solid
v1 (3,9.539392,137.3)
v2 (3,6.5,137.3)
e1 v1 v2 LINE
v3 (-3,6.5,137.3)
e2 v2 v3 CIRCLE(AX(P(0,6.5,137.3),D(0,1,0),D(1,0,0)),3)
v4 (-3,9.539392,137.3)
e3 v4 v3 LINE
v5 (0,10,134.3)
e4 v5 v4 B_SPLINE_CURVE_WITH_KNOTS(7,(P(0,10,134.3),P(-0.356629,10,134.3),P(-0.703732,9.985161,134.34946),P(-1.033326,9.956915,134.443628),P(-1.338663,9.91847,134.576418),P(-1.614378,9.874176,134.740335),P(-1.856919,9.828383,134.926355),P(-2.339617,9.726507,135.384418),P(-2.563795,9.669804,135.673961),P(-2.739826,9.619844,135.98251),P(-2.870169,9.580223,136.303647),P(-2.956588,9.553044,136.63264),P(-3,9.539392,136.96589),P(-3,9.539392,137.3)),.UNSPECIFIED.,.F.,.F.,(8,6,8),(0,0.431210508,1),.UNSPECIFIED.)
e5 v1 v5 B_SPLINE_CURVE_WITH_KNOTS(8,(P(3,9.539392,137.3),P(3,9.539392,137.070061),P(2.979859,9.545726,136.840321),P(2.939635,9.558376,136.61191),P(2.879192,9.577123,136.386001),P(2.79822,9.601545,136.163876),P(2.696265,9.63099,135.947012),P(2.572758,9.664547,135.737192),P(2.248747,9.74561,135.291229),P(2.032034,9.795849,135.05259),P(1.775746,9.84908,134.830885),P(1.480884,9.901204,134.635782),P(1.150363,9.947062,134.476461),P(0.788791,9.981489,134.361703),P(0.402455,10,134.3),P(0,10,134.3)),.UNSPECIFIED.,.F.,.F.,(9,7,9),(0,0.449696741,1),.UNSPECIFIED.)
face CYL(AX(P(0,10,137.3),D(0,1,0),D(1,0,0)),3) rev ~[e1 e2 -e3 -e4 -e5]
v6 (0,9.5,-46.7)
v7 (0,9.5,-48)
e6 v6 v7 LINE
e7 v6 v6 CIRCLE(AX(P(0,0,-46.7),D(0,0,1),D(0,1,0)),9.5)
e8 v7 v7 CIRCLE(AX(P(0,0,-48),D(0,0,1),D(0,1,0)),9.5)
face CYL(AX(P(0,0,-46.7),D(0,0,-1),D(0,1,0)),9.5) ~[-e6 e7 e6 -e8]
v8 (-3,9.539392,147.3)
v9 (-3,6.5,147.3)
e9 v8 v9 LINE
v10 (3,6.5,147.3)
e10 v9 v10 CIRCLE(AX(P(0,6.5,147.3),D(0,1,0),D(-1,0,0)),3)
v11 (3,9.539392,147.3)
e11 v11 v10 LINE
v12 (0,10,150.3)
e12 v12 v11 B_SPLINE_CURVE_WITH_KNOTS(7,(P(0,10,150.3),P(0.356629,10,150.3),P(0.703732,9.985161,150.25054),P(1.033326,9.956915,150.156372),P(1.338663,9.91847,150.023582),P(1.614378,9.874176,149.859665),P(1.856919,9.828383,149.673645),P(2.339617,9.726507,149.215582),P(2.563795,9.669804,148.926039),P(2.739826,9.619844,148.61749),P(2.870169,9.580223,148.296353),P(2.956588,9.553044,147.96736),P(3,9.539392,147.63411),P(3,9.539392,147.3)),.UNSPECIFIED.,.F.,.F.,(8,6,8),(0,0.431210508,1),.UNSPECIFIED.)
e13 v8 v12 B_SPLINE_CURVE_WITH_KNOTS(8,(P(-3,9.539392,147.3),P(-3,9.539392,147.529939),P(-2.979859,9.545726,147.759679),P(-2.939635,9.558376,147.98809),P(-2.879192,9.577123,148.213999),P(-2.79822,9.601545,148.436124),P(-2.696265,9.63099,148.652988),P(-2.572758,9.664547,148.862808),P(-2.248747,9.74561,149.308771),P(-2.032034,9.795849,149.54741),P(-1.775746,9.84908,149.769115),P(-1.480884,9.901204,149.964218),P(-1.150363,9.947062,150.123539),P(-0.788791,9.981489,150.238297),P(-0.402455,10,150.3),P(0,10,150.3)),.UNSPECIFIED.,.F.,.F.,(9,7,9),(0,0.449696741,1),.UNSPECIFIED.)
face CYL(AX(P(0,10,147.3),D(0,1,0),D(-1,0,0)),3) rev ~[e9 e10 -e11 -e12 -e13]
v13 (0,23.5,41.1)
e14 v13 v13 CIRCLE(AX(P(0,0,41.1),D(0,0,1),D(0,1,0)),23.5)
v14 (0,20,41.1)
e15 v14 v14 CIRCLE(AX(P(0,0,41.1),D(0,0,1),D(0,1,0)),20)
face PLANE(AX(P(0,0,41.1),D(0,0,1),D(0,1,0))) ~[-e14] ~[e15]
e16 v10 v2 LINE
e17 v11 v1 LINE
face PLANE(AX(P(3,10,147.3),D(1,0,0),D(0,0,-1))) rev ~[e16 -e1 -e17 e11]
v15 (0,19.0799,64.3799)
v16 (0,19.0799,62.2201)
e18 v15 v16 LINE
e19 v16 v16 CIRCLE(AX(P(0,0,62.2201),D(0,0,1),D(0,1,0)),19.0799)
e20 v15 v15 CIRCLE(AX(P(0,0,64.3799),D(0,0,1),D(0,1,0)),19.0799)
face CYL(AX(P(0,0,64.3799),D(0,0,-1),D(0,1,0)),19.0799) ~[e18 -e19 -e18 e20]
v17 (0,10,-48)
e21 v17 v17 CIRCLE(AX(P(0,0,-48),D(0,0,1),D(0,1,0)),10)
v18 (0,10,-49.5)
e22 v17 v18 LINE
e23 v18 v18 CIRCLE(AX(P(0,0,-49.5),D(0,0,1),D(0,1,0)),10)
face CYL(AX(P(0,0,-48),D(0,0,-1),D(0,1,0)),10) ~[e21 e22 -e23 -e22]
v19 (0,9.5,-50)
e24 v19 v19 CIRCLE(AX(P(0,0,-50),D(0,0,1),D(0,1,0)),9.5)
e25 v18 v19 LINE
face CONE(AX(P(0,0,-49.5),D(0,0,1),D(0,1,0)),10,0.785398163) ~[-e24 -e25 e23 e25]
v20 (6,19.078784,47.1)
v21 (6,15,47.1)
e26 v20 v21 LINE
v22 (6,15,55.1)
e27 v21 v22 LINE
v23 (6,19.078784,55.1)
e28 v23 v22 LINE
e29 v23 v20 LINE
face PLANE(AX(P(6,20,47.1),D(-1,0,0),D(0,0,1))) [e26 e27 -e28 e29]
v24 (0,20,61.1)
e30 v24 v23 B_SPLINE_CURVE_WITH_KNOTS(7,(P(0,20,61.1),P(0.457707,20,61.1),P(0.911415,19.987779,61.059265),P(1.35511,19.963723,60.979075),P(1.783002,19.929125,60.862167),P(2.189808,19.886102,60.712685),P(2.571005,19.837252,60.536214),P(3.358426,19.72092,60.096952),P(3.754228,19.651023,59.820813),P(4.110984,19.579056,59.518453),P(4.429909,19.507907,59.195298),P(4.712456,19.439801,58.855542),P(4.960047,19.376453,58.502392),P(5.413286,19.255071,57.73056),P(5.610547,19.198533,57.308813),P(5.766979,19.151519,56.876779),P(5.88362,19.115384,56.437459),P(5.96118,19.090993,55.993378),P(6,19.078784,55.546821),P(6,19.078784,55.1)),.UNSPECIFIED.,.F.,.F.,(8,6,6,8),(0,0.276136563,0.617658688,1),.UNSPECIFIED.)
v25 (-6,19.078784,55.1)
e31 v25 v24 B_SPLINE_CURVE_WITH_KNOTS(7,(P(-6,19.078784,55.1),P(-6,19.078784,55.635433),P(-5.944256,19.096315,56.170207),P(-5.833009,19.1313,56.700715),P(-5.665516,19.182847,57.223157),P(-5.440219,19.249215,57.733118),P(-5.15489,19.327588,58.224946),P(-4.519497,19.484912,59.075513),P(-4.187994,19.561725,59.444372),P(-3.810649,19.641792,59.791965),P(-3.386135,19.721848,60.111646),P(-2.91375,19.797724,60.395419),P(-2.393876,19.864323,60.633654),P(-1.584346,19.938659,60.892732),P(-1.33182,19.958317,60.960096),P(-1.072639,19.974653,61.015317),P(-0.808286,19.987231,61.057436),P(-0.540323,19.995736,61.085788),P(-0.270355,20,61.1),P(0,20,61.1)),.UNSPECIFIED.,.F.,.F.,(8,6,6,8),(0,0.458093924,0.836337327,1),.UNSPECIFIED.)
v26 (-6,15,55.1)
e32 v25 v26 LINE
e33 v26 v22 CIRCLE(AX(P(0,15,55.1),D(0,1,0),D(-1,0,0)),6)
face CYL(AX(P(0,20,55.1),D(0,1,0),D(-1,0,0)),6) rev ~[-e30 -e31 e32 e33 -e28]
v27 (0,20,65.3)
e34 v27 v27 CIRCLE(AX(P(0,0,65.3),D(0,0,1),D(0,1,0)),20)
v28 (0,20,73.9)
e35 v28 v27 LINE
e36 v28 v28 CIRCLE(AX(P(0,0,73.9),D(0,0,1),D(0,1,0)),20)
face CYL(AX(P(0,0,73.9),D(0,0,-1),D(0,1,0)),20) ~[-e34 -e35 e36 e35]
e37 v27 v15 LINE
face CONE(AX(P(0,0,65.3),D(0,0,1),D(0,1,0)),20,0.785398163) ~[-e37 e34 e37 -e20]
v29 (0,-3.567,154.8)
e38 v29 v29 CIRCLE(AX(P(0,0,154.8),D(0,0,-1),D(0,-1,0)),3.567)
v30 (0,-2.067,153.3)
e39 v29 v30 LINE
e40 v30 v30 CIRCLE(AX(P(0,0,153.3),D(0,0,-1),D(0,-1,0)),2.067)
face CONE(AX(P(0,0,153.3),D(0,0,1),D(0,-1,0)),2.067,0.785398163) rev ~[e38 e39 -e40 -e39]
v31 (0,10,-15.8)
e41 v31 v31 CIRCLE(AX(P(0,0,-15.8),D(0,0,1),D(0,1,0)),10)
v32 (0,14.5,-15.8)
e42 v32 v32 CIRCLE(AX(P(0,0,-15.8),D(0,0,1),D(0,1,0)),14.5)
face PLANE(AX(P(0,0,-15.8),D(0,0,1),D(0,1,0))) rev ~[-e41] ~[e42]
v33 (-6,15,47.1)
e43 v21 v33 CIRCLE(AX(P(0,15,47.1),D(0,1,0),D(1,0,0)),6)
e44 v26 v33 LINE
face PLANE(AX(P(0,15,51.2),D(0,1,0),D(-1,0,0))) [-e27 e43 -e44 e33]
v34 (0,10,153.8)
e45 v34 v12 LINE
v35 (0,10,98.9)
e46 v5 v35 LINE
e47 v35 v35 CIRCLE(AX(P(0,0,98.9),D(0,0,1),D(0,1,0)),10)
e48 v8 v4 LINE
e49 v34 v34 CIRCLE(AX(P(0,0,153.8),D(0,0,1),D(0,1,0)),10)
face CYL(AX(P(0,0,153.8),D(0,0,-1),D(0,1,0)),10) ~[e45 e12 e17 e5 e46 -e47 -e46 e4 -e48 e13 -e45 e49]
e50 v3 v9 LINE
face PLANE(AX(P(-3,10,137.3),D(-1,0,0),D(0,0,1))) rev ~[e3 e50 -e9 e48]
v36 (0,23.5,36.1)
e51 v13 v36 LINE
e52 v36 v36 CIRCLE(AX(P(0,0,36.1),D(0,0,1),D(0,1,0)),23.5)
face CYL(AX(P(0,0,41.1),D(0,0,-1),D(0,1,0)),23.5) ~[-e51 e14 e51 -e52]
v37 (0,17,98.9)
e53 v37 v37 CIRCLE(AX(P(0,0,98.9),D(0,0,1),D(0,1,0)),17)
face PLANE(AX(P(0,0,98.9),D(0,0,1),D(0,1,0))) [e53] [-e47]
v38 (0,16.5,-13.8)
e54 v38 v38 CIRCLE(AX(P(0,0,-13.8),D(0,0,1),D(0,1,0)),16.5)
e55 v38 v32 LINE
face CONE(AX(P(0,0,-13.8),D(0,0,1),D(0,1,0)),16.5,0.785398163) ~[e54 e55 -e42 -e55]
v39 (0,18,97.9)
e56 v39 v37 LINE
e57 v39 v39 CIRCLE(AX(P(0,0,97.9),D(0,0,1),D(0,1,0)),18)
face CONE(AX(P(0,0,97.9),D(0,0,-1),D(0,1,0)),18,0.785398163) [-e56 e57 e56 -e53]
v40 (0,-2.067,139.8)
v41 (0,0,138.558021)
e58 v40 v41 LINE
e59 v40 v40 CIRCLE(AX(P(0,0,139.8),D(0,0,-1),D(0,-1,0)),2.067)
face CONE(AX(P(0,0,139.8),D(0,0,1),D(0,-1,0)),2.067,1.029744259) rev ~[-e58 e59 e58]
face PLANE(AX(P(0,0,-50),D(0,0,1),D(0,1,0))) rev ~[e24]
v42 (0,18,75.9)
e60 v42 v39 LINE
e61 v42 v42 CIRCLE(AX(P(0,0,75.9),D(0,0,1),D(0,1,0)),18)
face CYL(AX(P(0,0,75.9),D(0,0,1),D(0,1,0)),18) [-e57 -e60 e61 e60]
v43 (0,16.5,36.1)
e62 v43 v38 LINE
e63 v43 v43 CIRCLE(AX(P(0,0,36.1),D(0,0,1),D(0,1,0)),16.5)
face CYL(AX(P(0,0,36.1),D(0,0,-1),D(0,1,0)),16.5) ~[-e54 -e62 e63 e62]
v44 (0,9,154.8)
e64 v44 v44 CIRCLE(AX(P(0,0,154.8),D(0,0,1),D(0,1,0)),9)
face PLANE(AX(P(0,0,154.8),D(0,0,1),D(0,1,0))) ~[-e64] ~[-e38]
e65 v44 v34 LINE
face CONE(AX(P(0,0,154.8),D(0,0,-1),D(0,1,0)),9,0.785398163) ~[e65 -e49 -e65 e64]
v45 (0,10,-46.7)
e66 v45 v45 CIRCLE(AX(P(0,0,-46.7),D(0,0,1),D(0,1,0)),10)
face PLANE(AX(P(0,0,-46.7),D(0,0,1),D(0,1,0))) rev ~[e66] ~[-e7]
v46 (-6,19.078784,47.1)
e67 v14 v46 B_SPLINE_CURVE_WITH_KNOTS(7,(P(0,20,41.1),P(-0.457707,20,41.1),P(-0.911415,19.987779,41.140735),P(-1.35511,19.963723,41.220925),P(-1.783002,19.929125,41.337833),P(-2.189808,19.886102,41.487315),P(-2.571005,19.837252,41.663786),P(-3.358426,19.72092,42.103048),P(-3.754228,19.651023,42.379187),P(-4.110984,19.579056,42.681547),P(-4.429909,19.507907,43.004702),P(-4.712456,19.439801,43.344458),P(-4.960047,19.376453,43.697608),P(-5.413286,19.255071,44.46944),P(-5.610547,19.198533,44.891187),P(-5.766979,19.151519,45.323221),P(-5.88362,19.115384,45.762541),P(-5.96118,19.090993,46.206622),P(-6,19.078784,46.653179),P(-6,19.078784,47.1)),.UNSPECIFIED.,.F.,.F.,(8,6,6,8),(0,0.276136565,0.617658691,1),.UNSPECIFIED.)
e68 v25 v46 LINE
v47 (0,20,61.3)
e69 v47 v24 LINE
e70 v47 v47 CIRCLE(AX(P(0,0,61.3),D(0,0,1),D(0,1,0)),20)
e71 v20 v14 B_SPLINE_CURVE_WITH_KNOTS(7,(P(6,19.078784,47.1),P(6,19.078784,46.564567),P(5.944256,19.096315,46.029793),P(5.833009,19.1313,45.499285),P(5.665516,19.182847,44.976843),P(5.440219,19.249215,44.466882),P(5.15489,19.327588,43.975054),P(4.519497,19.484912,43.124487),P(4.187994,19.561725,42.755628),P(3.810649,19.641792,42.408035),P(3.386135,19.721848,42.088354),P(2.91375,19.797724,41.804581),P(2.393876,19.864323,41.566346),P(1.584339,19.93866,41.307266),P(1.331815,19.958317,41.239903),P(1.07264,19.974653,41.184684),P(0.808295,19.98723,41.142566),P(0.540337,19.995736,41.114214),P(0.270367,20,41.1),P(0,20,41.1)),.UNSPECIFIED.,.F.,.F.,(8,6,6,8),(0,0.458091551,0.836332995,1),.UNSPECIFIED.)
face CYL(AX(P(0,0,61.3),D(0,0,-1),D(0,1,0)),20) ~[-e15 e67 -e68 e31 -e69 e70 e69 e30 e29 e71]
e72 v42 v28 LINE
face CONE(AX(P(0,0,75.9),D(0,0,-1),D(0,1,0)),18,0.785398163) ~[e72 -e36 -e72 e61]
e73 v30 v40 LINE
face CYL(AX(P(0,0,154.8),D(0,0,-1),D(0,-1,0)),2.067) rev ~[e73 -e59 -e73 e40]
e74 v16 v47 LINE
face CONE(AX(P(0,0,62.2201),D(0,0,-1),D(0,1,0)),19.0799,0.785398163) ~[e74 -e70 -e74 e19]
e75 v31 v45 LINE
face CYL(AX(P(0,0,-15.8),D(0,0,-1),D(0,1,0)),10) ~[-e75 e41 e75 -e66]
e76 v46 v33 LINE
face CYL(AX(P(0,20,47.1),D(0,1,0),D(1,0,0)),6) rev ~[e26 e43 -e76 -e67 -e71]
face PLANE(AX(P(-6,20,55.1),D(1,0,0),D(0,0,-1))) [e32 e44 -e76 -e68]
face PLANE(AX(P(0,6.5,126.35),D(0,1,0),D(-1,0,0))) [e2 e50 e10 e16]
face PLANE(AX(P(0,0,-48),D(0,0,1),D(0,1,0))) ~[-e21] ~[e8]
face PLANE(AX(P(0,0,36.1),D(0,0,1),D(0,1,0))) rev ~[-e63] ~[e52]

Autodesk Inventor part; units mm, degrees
ref_plane "YZ Plane" through (0, 0, 0) normal (1, 0, 0) x (0, 1, 0)
ref_plane "XY Plane" through (0, 0, 0) normal (0, 0, 1) x (1, 0, 0)
sketch "Skizze1" plane through (0, 0, 0) normal (1, 0, 0) x (0, 1, 0)
  line L0 (0, 154.8) -> (9, 154.8)
  line L1 (9, 154.8) -> (10, 153.8)
  line L2 (10, 153.8) -> (10, 98.9)
  line L3 (18, 75.9) -> (20, 73.9)
  line L4 (20, 73.9) -> (20, 65.3)
  line L5 (20, 61.3) -> (20, 41.1)
  line L6 (20, 41.1) -> (23.5, 41.1)
  line L7 (23.5, 41.1) -> (23.5, 36.1)
  line L8 (23.5, 36.1) -> (16.5, 36.1)
  line L9 (16.5, 36.1) -> (16.5, -13.8)
  line L10 (10, -15.8) -> (10, -46.7)
  line L11 (10, -46.7) -> (9.5, -46.7)
  line L12 (9.5, -46.7) -> (9.5, -48)
  line L13 (9.5, -48) -> (10, -48)
  line L14 (10, -48) -> (10, -49.5)
  line L15 (10, -49.5) -> (9.5, -50)
  line L16 (9.5, -50) -> (0, -50)
  line L17 (0, -50) -> (0, 154.8)
  line L18 (14.5, -15.8) -> (10, -15.8)
  line L19 (16.5, -13.8) -> (14.5, -15.8)
  line L20 (0, 195.76) -> (0, -90.96) construction
  line L21 (-4.7, 0) -> (28.2, 0) construction
  line L22 (10, 98.9) -> (0, 98.9) construction
  line L23 (10, -15.8) -> (0, -15.8) construction
  line L24 (10, -46.7) -> (0, -46.7) construction
  line L25 (17, 98.9) -> (10, 98.9)
  line L26 (18, 75.9) -> (18, 97.9)
  line L27 (18, 97.9) -> (17, 98.9)
  line L28 (10, 129.8) -> (0, 129.8) construction
  circle A0 centre (20, 63.3) radius 2 construction
  line L29 (20, 65.3) -> (19.0799, 64.3799)
  line L30 (19.0799, 64.3799) -> (19.0799, 62.2201)
  line L31 (19.0799, 62.2201) -> (20, 61.3)
  line L32 (20, 63.3) -> (19.0799, 63.3) construction
  point P0 (0, 0)
  point P1 (18, 98.9)
  dimension "d4" = 45
  dimension "d6" = 1.3
  dimension "d9" = 23.5
  dimension "d11" = 5
  dimension "d19" = 45
  dimension "d20" = 2
  dimension "d21" = 2
  dimension "d22" = 1
  dimension "d34" = 0
  dimension "d35" = 50
  dimension "d36" = 45
  dimension "d87" = 114.7
  dimension "d88" = 0
  dimension "d89" = 30.9
  dimension "d90" = 19
  dimension "d91" = 20
  dimension "d119" = 20
  dimension "d120" = 1.5
  dimension "d122" = 1
  dimension "d123" = 1
  dimension "d124" = 33
  dimension "d125" = 40
  dimension "d126" = 30.9
  dimension "d127" = 25
  dimension "d135" = 78.9
  dimension "d139" = 91.5
  dimension "d140" = 113.7
  dimension "d141" = 22.2
  dimension "d142" = 45
  dimension "d143" = 45
  dimension "d144" = 38.1598
  dimension "d145" = 8.6
revolve "Umdrehung1" add sketch "Skizze1" angle 360 about axis through (0, 0, -50) along (0, 0, 1)
ref_plane "Wellennuttiefe_Arbeitsebene" through (0, 15, 51.2) normal (0, 1, 0) x (-1, 0, 0)
ref_plane "Arbeitsebene1" through (0, 20, 51.2) normal (0, 1, 0) x (-1, 0, 0)
sketch "Skizze2" plane through (0, 20, 51.2) normal (0, 1, 0) x (-1, 0, 0)
  line L0 (0, 9.9) -> (0, -10.1) construction
  line L1 (6, 3.9) -> (6, -4.1)
  line L2 (-6, -4.1) -> (-6, 3.9)
  arc A0 (6, 3.9) -> (-6, 3.9) centre (0, 3.9) ccw
  arc A1 (-6, -4.1) -> (6, -4.1) centre (0, -4.1) ccw
  line L3 (-23.5, -10.1) -> (23.5, -10.1) construction
  line L4 (0, 144.56) -> (0, -142.16) construction
  point P0 (0, -51.2)
  point P1 (0, -0.1)
  dimension "d29" = 20
  dimension "d30" = 12
extrude "Passfeder_Ausnahme" cut sketch "Skizze2" against normal up to surface (5 mm away)
thread "Gewinde1" size "M40x1.5" class "6g" standard "ISO Metric profile" full length
ref_plane "Arbeitsebene5" through (0, 10, 126.35) normal (0, 1, 0) x (-1, 0, 0)
sketch "Skizze7" plane through (0, 10, 126.35) normal (0, 1, 0) x (-1, 0, 0)
  line L0 (-10, -27.45) -> (10, -27.45) construction
  line L1 (10, 3.45) -> (-10, 3.45) construction
  line L2 (-10, -27.45) -> (10, -27.45) construction
  line L3 (0, -27.45) -> (0, 3.45) construction
  line L4 (10, 27.45) -> (10, -27.45) construction
  line L5 (-10, 27.45) -> (-10, -27.45) construction
  line L6 (0, 10.95) -> (0, 20.95) construction
  line L7 (3, 10.95) -> (3, 20.95)
  line L8 (-3, 20.95) -> (-3, 10.95)
  arc A0 (-3, 10.95) -> (3, 10.95) centre (0, 10.95) ccw
  arc A1 (3, 20.95) -> (-3, 20.95) centre (0, 20.95) ccw
  line L9 (0, 7.95) -> (3, 7.95) construction
  line L10 (-9, 28.45) -> (9, 28.45) construction
  line L11 (-17, -27.45) -> (17, -27.45) construction
  line L12 (0, 28.45) -> (0, 3.45) construction
  point P0 (0, -126.35)
  point P1 (0, 15.95)
  point P2 (0, 23.95)
  dimension "d100" = 30.9
  dimension "d101" = 6
  dimension "d102" = 16
  dimension "Flansch_Max_Connector_Lenght" = 25
ref_plane "Wellennuttiefe_Arbeitsebene_2" through (0, 6.5, 126.35) normal (0, 1, 0) x (-1, 0, 0)
extrude "PassfederNut_HeadSide" cut sketch "Skizze7" against normal up to surface (3.5 mm away)
sketch "Skizze9" plane through (0, 0, 154.8) normal (0, 0, 1) x (1, 0, 0)
  circle A0 centre (0, 0) radius 9 construction
  point P0 (0, 0)
hole "Bohrung1" at (0, 0, 154.8) direction (0, 0, -1) diameter 4.134 depth 15 tip angle 118 thread size "M5x0.8" class "6H" standard "ISO Metric profile"
chamfer "Fase4" distance 1.5 angle 45 1 edges at (0, 2.067, 154.8)
equation "\"d6\" = Sprengring_NutBreite"
equation "\"d87\" = -MainAxis_Bearing_Fix2ScrewLimit_Dist + Gestell_Lager_Distanz - MainAxis_Bearing_Fix2Limit_Dist"
equation "\"d89\" = MainAxis_Bearing_Fix2Limit_Dist + MainAxis_Bearing_Fix2ScrewLimit_Dist"
equation "\"d90\" = Sprengring_NutDurchmesser"
equation "\"d91\" = P204_ShaftDiameter"
equation "\"d119\" = P204_ShaftDiameter"
equation "\"d29\" = Passfeder_length"
equation "\"d100\" = MainAxis_Bearing_Fix2ScrewLimit_Dist + MainAxis_Bearing_Fix2Limit_Dist"
equation "\"Wellennuttiefe_20\" = 3.5"
equation "\"Nabennuttiefe_20\" = 2.8"
equation "\"Sprengring_NutBreite\" = 1.3"
equation "\"Sprengring_NutDurchmesser\" = 19"
equation "\"Nabennuttiefe_40\" = 3.3"
equation "\"Wellennuttiefe_40\" = 5"
equation "\"Passfeder_Width_20\" = 6"
equation "\"Passfeder_Width_40\" = 12"
equation "\"MainAxis_Bearing_Fix2ScrewLimit_Dist\" = 23.4"
equation "\"Gestell_Lager_Distanz\" = 145.6"
equation "\"MainAxis_Bearing_Fix2Limit_Dist\" = 7.5"
equation "\"P204_ShaftDiameter\" = 20"
equation "\"Passfeder_length\" = 20"
properties part number "Welle" material "Edelstahl"
